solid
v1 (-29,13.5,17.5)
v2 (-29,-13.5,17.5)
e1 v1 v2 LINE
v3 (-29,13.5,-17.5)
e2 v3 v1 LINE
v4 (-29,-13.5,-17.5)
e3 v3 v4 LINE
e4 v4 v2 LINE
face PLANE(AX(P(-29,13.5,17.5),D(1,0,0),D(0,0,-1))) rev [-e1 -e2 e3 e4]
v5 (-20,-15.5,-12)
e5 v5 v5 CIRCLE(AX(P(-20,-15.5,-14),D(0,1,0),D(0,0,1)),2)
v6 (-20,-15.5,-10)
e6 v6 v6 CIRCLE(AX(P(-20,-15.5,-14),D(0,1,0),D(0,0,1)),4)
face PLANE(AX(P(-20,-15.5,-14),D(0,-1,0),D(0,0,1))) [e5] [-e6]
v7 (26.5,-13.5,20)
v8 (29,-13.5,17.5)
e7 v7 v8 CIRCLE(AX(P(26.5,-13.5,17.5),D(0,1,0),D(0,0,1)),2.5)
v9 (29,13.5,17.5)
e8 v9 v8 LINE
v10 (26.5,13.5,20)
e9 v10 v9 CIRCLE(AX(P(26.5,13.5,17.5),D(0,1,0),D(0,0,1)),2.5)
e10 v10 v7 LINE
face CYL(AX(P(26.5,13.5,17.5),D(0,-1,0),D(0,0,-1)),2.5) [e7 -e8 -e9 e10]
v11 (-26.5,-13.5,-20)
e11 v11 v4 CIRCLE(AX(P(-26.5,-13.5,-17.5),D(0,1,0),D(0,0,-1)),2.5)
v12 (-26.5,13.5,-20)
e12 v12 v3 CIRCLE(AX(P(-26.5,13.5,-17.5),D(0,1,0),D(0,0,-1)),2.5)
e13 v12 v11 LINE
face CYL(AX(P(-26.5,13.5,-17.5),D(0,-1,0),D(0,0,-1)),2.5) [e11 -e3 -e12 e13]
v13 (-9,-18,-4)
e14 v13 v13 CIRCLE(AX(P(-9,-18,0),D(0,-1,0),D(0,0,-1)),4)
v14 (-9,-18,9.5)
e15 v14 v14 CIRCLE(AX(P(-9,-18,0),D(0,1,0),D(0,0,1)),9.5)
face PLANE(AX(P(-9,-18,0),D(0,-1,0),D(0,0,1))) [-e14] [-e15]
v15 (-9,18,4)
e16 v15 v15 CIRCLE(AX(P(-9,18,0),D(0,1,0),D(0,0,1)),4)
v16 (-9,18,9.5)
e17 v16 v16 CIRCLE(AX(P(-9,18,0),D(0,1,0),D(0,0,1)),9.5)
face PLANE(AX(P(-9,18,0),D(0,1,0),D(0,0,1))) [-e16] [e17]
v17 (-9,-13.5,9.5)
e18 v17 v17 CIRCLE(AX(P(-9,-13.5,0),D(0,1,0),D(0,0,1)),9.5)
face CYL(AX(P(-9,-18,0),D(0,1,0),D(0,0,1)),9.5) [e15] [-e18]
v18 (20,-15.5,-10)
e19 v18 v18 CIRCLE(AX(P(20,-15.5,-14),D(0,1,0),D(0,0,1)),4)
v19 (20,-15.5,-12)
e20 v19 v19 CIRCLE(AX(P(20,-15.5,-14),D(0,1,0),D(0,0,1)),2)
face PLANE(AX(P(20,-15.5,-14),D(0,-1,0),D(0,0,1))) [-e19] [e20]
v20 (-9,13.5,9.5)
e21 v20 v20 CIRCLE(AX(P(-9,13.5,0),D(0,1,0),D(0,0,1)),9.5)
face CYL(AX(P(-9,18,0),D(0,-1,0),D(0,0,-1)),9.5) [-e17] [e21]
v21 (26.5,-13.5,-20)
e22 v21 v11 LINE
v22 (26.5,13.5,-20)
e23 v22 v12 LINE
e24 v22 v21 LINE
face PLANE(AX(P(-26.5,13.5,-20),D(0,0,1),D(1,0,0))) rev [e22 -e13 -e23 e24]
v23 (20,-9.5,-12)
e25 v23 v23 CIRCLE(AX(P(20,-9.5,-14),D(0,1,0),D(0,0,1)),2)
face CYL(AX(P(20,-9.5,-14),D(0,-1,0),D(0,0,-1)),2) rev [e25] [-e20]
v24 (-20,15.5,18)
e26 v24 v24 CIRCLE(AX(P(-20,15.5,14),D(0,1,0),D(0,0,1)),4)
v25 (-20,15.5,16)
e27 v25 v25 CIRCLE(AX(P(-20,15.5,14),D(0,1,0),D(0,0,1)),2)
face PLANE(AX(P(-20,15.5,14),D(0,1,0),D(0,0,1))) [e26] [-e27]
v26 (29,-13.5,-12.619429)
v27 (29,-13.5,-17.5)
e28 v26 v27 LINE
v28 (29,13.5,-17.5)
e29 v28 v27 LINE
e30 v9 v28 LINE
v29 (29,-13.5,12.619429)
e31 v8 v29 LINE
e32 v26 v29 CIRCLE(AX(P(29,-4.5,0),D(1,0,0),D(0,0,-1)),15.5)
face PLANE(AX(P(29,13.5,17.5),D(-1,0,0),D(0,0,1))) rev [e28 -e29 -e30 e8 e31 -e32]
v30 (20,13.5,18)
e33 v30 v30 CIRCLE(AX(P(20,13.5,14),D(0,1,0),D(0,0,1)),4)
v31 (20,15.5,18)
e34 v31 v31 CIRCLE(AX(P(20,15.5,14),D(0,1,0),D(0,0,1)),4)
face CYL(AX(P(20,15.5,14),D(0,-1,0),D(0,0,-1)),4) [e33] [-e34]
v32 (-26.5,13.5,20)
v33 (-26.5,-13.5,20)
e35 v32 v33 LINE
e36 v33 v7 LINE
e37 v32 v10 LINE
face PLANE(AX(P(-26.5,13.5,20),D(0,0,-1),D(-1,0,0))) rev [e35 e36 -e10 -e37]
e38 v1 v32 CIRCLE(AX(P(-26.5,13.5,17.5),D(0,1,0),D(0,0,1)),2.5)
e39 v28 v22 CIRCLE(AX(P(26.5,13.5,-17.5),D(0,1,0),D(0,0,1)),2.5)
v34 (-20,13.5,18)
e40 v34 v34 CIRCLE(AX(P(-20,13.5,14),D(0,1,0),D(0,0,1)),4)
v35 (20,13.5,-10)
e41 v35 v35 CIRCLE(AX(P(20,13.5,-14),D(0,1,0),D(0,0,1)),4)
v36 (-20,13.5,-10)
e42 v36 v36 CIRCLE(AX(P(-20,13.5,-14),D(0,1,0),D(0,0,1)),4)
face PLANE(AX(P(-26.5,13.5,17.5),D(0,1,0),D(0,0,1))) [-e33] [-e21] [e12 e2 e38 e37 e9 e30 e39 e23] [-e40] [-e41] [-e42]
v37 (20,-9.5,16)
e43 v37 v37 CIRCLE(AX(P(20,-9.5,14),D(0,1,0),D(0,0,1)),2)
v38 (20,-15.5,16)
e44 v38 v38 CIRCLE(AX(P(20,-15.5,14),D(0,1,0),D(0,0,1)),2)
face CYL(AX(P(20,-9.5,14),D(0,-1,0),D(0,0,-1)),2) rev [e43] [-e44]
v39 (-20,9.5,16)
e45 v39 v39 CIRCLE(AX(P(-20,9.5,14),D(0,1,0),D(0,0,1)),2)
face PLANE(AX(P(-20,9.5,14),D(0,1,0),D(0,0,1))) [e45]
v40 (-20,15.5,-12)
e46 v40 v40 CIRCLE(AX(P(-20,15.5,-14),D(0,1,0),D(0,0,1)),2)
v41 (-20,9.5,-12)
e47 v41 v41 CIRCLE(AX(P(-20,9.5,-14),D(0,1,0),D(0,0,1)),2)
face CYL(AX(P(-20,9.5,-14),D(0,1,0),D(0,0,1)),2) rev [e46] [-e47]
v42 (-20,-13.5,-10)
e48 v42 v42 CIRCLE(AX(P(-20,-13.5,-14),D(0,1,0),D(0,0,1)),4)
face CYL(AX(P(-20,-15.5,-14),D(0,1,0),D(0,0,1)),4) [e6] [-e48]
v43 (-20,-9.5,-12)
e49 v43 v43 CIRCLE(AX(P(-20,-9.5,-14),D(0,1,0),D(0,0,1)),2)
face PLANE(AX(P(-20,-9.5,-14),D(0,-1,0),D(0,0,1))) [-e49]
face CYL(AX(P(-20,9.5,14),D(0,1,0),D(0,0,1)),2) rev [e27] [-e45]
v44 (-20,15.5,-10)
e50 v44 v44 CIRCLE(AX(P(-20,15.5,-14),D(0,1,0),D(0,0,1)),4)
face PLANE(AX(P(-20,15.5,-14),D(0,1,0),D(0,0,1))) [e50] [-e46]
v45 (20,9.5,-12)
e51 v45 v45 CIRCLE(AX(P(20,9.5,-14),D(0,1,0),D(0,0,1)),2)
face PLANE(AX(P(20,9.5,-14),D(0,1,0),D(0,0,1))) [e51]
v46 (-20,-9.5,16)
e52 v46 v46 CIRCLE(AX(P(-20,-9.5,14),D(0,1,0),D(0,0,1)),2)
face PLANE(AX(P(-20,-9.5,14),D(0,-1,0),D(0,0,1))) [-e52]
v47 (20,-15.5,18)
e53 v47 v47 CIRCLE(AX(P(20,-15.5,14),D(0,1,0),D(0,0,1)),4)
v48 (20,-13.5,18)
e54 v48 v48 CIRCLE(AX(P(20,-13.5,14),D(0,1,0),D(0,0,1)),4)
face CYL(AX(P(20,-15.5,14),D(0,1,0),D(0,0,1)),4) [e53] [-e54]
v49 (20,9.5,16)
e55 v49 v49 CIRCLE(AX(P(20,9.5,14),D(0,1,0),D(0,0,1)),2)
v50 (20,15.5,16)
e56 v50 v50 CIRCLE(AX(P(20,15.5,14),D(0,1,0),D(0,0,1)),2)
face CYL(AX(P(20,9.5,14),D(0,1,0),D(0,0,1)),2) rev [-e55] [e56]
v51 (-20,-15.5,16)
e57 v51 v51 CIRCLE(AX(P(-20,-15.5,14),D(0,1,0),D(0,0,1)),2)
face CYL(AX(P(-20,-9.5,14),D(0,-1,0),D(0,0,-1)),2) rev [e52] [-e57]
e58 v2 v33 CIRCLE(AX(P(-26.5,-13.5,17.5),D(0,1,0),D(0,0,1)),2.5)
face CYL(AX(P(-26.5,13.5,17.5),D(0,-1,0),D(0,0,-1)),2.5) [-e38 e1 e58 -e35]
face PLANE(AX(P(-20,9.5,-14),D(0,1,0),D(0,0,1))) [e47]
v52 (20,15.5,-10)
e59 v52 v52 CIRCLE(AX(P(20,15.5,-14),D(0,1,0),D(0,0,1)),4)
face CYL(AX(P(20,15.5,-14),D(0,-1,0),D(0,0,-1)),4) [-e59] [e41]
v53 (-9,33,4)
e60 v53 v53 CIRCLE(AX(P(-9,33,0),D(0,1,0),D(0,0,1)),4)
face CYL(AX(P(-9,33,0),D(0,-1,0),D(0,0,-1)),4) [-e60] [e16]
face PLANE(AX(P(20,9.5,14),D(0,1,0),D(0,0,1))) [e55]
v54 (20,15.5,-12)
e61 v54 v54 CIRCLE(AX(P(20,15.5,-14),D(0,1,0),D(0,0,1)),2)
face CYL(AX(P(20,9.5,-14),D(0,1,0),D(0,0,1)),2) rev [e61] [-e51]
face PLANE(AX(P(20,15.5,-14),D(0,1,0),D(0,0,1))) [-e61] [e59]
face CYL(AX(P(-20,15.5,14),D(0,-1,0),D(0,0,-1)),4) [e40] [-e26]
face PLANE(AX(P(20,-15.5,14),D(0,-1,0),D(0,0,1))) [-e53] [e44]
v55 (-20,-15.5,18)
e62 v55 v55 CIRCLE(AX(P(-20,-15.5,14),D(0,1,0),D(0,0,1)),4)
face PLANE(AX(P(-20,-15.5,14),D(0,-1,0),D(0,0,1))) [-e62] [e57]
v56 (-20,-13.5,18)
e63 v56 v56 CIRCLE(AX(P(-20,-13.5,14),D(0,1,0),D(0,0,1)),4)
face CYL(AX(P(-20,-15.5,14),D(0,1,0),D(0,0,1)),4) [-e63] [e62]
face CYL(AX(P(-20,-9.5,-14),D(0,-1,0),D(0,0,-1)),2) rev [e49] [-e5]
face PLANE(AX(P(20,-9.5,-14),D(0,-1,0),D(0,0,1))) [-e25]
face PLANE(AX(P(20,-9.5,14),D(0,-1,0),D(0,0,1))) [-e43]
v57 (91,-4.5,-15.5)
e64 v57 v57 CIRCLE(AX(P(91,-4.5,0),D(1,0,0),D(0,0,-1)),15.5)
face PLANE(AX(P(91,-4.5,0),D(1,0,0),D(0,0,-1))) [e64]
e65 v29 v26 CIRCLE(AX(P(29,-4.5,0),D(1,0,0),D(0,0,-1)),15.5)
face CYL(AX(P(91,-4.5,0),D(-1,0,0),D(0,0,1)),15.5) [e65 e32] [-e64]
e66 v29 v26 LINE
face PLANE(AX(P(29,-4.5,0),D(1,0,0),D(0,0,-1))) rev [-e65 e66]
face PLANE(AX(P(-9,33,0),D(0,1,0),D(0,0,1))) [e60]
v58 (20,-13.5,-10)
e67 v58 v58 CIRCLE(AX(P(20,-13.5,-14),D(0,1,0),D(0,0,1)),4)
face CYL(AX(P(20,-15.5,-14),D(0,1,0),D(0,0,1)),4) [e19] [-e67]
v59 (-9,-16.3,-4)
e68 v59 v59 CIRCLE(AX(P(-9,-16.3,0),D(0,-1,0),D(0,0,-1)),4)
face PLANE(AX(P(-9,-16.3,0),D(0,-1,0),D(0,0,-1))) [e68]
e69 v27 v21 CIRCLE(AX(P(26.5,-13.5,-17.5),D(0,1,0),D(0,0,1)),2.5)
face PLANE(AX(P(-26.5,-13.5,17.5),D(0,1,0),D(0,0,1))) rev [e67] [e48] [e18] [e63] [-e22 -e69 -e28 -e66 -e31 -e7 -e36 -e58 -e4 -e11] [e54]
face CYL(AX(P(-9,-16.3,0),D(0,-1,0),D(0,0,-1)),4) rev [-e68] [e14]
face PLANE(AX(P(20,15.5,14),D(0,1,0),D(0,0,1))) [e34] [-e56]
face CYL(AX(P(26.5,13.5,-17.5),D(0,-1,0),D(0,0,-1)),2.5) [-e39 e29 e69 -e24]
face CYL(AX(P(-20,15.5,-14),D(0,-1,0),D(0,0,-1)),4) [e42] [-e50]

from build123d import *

# Parameters (mm, degrees)
BOSS_EXTRUDE1_DEPTH = 13.5
SKETCH2_R           = 4
BOSS_EXTRUDE2_DEPTH = 2
SKETCH3_R           = 2
CUT_EXTRUDE1_DEPTH  = 6
SKETCH6_R           = 9.5
BOSS_EXTRUDE5_DEPTH = 4.5
SKETCH4_R           = 4
BOSS_EXTRUDE3_DEPTH = 15
SKETCH5_R           = 15.5
BOSS_EXTRUDE4_DEPTH = 62
SKETCH7_R           = 4
CUT_EXTRUDE2_DEPTH  = 1.7


with BuildPart() as part:
    # Sketch1 → Boss-Extrude1 (new, symmetric)
    with BuildSketch(Plane(origin=(0, 0, 0), x_dir=(1, 0, 0), z_dir=(0, 1, 0))):
        with BuildLine():
            Line((-26.5, -20), (26.5, -20))
            ThreePointArc((26.5, -20), (28.267766953, -19.267766953), (29, -17.5))
            Line((29, -17.5), (29, 17.5))
            ThreePointArc((29, 17.5), (28.267766953, 19.267766953), (26.5, 20))
            Line((26.5, 20), (-26.5, 20))
            ThreePointArc((-26.5, 20), (-28.267766953, 19.267766953), (-29, 17.5))
            Line((-29, 17.5), (-29, -17.5))
            ThreePointArc((-29, -17.5), (-28.267766953, -19.267766953), (-26.5, -20))
        make_face()
    extrude(amount=BOSS_EXTRUDE1_DEPTH, both=True)

    # Sketch2 → Boss-Extrude2 (add)
    with BuildSketch(Plane(origin=(0, 13.5, 0), x_dir=(1, 0, 0), z_dir=(0, 1, 0))):
        with Locations(Location((-20, 14, 0), (0, 0, 270))):
            Circle(SKETCH2_R)
        with Locations(Location((-20, -14, 0), (0, 0, 270))):
            Circle(SKETCH2_R)
        with Locations(Location((20, -14, 0), (0, 0, 270))):
            Circle(SKETCH2_R)
        with Locations(Location((20, 14, 0), (0, 0, 270))):
            Circle(SKETCH2_R)
    boss_extrude2 = extrude(amount=BOSS_EXTRUDE2_DEPTH)

    # Sketch3 → Cut-Extrude1 (cut)
    with BuildSketch(Plane(origin=(0, 15.5, 0), x_dir=(1, 0, 0), z_dir=(0, 1, 0))):
        with Locations(Location((-20, 14, 0), (0, 0, 270))):
            Circle(SKETCH3_R)
        with Locations(Location((20, 14, 0), (0, 0, 270))):
            Circle(SKETCH3_R)
        with Locations(Location((20, -14, 0), (0, 0, 270))):
            Circle(SKETCH3_R)
        with Locations(Location((-20, -14, 0), (0, 0, 270))):
            Circle(SKETCH3_R)
    cut_extrude1 = extrude(amount=-CUT_EXTRUDE1_DEPTH, mode=Mode.SUBTRACT)

    # Sketch6 → Boss-Extrude5 (add)
    with BuildSketch(Plane(origin=(0, 13.5, 0), x_dir=(1, 0, 0), z_dir=(0, 1, 0))):
        with Locations(Location((-9, 0, 0), (0, 0, 270))):
            Circle(SKETCH6_R)
    boss_extrude5 = extrude(amount=BOSS_EXTRUDE5_DEPTH)

    # Sketch4 → Boss-Extrude3 (add)
    with BuildSketch(Plane(origin=(0, 18, 0), x_dir=(1, 0, 0), z_dir=(0, 1, 0))):
        with Locations(Location((-9, 0, 0), (0, 0, 270))):
            Circle(SKETCH4_R)
    extrude(amount=BOSS_EXTRUDE3_DEPTH)

    # Sketch5 → Boss-Extrude4 (add)
    with BuildSketch(Plane(origin=(29, 0, 0), x_dir=(0, 0, -1), z_dir=(1, 0, 0))):
        with Locations(Location((0, -4.5, 0), (0, 0, 215.49593265))):
            Circle(SKETCH5_R)
    extrude(amount=BOSS_EXTRUDE4_DEPTH)

    # Mirror2: Boss-Extrude2, Cut-Extrude1, Boss-Extrude5 across plane
    add(boss_extrude2.mirror(Plane.ZX))
    add(cut_extrude1.mirror(Plane.ZX), mode=Mode.SUBTRACT)
    add(boss_extrude5.mirror(Plane.ZX))

    # Sketch7 → Cut-Extrude2 (cut)
    with BuildSketch(Plane.XZ.offset(18)):
        with Locations(Location((-9, 0, 0), (0, 0, 90))):
            Circle(SKETCH7_R)
    extrude(amount=-CUT_EXTRUDE2_DEPTH, mode=Mode.SUBTRACT)


solid = part.part
